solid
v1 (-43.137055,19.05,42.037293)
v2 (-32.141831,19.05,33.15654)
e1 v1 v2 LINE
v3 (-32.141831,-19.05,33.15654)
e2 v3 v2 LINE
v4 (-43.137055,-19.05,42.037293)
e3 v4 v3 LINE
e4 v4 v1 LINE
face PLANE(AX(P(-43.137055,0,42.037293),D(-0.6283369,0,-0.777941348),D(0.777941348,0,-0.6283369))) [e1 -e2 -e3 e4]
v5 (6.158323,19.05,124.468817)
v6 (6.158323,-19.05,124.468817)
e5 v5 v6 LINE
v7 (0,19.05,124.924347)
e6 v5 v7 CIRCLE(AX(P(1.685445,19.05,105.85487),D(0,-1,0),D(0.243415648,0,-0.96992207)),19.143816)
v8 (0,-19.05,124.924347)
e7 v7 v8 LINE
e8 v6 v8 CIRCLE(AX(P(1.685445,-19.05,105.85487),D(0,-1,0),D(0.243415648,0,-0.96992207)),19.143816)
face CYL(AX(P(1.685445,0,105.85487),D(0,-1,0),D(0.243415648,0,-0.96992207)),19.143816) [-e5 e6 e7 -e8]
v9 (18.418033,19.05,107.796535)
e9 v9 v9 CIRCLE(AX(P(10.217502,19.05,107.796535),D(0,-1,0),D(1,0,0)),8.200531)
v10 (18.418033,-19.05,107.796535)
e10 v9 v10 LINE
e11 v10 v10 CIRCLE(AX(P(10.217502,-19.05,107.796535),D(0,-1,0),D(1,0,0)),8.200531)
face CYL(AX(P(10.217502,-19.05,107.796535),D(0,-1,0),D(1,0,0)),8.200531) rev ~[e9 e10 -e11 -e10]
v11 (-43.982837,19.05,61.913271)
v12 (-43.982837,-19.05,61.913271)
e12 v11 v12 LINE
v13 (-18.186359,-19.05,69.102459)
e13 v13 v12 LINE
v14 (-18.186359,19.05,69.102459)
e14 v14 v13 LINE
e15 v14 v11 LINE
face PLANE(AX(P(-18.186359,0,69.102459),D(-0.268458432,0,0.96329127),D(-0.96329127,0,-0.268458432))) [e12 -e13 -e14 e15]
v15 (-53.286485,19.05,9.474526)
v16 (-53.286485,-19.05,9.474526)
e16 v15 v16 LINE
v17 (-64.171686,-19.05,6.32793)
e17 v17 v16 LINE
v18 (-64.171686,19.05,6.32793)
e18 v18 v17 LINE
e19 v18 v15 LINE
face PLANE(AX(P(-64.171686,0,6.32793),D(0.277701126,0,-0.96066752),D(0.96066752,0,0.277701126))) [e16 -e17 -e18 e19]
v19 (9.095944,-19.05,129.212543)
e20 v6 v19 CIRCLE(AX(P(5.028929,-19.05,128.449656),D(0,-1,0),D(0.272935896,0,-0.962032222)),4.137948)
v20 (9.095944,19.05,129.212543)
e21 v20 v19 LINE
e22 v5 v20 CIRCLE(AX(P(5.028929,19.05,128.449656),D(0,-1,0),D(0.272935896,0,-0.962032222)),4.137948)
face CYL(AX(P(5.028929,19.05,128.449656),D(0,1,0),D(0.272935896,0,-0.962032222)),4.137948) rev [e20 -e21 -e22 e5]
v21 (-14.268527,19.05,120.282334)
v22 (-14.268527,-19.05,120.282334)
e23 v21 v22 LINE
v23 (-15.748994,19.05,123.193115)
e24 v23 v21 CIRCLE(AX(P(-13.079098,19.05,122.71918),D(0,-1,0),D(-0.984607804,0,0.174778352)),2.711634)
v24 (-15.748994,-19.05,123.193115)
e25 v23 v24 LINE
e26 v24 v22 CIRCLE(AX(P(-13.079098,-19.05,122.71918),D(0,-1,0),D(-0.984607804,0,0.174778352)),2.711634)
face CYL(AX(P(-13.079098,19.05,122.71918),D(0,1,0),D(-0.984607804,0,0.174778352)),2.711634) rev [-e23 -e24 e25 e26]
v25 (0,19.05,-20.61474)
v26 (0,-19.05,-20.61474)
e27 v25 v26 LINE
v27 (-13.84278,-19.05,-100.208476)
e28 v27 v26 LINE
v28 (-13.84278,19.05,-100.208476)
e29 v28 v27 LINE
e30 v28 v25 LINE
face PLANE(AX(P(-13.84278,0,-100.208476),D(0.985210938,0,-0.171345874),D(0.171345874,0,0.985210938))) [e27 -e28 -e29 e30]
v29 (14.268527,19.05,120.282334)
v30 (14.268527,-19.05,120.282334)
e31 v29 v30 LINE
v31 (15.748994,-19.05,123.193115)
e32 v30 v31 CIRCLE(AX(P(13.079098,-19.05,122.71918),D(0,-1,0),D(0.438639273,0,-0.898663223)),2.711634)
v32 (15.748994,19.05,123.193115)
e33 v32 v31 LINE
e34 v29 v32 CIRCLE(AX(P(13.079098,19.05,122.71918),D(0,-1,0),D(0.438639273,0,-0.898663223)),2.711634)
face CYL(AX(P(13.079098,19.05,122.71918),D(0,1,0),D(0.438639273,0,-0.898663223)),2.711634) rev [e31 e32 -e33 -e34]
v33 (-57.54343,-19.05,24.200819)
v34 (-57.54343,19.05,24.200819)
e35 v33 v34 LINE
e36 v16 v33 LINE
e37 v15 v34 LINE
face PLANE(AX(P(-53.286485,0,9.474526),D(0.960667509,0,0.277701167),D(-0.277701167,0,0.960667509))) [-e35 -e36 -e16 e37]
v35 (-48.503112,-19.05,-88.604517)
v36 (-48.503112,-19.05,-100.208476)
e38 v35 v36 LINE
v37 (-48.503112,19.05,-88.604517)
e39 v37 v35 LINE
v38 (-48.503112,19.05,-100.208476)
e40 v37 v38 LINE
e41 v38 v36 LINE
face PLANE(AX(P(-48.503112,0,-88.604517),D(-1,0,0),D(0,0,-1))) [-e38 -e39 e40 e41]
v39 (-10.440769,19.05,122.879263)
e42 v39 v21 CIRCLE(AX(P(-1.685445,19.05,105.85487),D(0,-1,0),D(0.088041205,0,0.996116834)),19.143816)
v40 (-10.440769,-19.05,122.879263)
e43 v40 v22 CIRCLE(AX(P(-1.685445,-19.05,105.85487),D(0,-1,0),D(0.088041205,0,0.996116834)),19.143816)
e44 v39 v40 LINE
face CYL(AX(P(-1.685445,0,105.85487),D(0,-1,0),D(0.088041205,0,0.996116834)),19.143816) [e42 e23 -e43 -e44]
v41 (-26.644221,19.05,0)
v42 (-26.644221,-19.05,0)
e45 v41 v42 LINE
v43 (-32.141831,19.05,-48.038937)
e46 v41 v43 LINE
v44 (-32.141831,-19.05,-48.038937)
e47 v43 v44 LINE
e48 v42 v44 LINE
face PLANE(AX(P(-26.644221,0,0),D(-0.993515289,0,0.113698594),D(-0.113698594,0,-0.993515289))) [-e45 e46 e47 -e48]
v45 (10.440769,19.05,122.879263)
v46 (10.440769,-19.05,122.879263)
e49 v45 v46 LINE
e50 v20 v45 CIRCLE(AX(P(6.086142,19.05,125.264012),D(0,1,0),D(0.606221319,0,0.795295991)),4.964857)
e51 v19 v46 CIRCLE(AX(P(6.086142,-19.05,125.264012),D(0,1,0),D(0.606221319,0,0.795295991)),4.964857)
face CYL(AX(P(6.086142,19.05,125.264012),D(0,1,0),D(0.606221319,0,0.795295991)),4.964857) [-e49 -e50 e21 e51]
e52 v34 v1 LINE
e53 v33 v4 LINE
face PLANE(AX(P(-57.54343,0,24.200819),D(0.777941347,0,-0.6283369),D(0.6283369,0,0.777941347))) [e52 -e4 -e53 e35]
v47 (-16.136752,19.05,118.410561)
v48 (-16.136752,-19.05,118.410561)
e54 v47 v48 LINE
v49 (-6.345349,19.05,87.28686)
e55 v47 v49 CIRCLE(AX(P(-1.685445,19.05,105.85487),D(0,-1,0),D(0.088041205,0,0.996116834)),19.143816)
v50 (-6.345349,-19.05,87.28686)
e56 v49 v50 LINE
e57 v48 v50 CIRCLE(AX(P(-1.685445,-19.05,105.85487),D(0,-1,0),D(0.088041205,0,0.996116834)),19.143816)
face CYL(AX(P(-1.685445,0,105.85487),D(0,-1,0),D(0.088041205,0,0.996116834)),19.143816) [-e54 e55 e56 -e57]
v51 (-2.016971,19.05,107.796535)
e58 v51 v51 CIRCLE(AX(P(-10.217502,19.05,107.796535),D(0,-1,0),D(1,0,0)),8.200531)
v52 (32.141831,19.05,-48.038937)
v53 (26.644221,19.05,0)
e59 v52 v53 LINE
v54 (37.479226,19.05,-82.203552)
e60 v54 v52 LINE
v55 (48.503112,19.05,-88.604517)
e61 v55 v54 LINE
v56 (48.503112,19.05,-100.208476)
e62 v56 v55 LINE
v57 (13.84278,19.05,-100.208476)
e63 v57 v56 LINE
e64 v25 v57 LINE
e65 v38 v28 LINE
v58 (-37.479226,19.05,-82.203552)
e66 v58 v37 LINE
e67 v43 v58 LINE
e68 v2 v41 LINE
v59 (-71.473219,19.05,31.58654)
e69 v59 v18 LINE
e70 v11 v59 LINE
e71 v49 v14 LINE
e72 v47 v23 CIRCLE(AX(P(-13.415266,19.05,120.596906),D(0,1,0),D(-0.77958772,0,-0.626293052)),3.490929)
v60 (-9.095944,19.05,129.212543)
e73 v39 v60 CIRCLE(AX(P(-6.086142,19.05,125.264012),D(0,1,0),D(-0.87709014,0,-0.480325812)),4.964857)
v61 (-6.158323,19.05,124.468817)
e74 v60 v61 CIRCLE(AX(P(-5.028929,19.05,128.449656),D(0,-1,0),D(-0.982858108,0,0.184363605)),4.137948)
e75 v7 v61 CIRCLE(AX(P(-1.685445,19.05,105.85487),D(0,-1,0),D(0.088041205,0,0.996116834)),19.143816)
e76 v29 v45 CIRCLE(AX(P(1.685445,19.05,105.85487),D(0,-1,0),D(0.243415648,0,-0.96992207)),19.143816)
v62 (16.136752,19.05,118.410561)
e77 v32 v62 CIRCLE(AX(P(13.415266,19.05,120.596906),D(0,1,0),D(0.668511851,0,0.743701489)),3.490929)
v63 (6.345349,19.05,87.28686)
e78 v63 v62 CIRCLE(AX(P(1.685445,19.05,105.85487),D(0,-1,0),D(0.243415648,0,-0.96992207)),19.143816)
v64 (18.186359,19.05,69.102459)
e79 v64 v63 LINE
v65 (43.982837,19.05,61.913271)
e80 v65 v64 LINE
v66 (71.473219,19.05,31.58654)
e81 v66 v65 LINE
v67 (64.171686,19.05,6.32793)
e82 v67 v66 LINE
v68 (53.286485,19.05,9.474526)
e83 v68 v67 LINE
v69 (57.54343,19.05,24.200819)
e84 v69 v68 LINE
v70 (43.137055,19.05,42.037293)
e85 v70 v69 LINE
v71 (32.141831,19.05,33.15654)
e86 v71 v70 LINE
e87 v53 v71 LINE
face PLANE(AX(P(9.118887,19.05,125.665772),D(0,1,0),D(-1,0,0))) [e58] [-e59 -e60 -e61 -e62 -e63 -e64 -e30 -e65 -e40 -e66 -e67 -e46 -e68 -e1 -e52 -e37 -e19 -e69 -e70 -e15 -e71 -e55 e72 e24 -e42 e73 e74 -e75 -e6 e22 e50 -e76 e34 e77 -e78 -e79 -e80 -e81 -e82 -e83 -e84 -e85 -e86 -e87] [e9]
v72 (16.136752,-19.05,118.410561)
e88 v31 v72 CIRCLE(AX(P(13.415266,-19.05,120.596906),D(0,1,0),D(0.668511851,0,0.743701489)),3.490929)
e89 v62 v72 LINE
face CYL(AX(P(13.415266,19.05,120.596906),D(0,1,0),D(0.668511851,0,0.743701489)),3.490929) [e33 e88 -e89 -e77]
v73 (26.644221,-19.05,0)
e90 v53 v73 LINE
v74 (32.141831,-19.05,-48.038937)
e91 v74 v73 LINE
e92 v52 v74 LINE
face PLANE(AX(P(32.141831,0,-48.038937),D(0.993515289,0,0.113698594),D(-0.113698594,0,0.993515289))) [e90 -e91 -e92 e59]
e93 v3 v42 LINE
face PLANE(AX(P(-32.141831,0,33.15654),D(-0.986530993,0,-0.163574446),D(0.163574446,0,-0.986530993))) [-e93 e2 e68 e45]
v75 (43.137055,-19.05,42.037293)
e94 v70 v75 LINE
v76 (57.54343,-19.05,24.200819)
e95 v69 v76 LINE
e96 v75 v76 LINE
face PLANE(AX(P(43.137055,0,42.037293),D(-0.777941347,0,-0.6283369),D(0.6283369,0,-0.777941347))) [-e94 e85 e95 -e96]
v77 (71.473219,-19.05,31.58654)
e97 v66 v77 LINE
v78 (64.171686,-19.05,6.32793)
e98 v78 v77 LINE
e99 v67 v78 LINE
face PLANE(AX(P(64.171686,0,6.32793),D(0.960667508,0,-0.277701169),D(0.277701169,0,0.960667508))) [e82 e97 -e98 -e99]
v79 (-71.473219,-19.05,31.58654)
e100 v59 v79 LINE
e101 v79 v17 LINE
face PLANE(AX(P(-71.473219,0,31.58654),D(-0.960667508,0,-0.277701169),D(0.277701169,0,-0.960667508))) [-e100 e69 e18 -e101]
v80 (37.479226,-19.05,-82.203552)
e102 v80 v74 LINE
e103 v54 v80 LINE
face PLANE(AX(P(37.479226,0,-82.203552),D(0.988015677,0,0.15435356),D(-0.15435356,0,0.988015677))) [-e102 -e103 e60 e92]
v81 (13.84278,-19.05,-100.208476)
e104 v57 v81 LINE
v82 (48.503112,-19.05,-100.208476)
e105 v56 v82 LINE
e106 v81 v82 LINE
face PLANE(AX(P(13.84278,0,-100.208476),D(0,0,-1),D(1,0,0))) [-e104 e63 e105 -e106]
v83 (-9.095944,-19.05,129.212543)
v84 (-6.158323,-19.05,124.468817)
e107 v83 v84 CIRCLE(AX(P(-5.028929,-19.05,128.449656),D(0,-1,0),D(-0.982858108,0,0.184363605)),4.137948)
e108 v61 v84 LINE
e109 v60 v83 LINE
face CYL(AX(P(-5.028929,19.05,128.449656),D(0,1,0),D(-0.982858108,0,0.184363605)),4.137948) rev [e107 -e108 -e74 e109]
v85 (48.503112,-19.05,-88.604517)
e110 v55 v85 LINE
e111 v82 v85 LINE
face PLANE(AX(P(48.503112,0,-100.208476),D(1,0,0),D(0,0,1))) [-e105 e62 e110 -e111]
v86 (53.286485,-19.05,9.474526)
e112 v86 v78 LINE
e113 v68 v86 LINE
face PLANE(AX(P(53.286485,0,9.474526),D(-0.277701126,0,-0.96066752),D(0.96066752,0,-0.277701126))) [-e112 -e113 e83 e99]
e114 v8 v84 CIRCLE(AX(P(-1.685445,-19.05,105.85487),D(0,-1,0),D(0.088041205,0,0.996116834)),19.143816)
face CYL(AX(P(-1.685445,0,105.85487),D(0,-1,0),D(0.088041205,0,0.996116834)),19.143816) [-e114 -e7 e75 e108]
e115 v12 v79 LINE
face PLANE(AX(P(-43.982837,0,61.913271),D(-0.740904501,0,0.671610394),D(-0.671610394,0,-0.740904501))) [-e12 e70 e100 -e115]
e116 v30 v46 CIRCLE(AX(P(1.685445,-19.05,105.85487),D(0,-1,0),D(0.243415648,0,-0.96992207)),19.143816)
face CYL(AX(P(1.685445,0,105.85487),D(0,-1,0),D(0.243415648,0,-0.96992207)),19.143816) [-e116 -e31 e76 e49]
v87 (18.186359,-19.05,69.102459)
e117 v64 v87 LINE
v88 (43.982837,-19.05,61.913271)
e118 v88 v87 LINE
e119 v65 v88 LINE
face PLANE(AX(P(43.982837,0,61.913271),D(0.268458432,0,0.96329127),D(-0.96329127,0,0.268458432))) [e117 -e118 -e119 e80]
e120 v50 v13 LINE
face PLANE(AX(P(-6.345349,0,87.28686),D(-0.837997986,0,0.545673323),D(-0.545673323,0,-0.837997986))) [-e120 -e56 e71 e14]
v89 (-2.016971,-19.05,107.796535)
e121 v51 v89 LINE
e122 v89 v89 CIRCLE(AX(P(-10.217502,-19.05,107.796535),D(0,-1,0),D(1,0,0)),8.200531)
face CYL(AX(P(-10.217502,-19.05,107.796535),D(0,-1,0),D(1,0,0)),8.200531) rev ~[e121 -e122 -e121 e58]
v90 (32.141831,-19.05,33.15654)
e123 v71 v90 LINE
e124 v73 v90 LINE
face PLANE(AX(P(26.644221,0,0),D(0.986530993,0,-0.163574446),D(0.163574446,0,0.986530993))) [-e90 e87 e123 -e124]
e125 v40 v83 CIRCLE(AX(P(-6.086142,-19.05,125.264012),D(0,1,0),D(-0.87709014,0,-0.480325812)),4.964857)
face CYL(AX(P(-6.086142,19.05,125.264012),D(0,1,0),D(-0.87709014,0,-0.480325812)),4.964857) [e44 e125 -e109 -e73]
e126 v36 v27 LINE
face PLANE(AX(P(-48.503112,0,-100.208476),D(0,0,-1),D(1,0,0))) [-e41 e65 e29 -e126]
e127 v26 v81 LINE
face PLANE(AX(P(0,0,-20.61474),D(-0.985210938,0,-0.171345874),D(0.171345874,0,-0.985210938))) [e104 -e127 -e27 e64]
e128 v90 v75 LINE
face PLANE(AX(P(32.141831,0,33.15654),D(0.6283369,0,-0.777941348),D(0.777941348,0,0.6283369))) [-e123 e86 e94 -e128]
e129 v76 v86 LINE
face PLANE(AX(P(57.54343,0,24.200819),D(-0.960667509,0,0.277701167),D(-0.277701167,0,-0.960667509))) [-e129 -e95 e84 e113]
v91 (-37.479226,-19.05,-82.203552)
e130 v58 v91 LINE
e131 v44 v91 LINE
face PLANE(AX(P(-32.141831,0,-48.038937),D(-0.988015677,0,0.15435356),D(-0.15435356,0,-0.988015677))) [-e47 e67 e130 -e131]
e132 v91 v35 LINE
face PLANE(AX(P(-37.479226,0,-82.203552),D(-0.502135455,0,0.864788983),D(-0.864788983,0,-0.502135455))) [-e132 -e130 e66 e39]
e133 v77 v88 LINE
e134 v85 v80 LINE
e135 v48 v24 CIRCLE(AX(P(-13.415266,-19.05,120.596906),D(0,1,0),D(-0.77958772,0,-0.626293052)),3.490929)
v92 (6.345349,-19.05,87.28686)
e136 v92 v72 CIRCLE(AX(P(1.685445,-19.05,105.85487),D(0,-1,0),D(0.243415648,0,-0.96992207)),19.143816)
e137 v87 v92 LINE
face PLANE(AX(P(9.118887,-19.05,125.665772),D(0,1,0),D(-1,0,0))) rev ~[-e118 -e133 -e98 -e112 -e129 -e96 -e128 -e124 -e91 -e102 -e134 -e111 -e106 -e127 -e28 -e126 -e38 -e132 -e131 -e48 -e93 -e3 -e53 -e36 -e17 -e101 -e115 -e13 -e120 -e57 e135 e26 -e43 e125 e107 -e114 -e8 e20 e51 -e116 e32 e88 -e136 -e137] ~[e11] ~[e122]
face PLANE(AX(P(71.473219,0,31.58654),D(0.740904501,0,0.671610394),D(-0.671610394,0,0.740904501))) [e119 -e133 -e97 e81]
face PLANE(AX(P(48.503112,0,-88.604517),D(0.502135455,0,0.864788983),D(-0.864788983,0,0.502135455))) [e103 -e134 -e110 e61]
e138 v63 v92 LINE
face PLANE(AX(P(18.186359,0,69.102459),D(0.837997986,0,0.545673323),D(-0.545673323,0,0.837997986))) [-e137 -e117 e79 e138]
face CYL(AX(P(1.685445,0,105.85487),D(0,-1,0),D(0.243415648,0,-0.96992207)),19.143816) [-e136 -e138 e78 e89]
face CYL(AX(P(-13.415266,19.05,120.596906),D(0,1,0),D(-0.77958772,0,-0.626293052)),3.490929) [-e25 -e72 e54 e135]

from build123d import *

# Parameters (mm, degrees)
F1_DEPTH      = 19.05
F2_R          = 8.200531
F3_DEPTH      = 38.1
F3_DEPTH_BACK = 25.4
F5_DEPTH      = 38.1


with BuildPart() as f1:
    # F0 (on Front) → F1 (new body, symmetric)
    with BuildSketch(Plane.XZ):
        with BuildLine():
            Line((-32.141831, 33.15654), (-26.644221, 0))
            Line((-26.644221, 0), (-32.141831, -48.038937))
            Line((-32.141831, -48.038937), (-37.479226, -82.203552))
            Line((-37.479226, -82.203552), (-48.503112, -88.604517))
            Line((-48.503112, -88.604517), (-48.503112, -100.208476))
            Line((-48.503112, -100.208476), (-13.84278, -100.208476))
            Line((-13.84278, -100.208476), (0, -20.61474))
            Line((0, -20.61474), (0, 124.924347))
            ThreePointArc((0, 124.924347), (-20.562864, 109.037436), (-6.345349, 87.28686))
            Line((-6.345349, 87.28686), (-18.186359, 69.102459))
            Line((-18.186359, 69.102459), (-43.982837, 61.913271))
            Line((-43.982837, 61.913271), (-71.473219, 31.58654))
            Line((-71.473219, 31.58654), (-64.171686, 6.32793))
            Line((-64.171686, 6.32793), (-53.286485, 9.474526))
            Line((-53.286485, 9.474526), (-57.54343, 24.200819))
            Line((-57.54343, 24.200819), (-43.137055, 42.037293))
            Line((-43.137055, 42.037293), (-32.141831, 33.15654))
        make_face()
        with BuildLine():
            Line((0, 124.924347), (0, -20.61474))
            Line((0, -20.61474), (13.84278, -100.208476))
            Line((13.84278, -100.208476), (48.503112, -100.208476))
            Line((48.503112, -100.208476), (48.503112, -88.604517))
            Line((48.503112, -88.604517), (37.479226, -82.203552))
            Line((37.479226, -82.203552), (32.141831, -48.038937))
            Line((32.141831, -48.038937), (26.644221, 0))
            Line((26.644221, 0), (32.141831, 33.15654))
            Line((32.141831, 33.15654), (43.137055, 42.037293))
            Line((43.137055, 42.037293), (57.54343, 24.200819))
            Line((57.54343, 24.200819), (53.286485, 9.474526))
            Line((53.286485, 9.474526), (64.171686, 6.32793))
            Line((64.171686, 6.32793), (71.473219, 31.58654))
            Line((71.473219, 31.58654), (43.982837, 61.913271))
            Line((43.982837, 61.913271), (18.186359, 69.102459))
            Line((18.186359, 69.102459), (6.345349, 87.28686))
            ThreePointArc((6.345349, 87.28686), (20.562864, 109.037436), (0, 124.924347))
        make_face()
    extrude(amount=F1_DEPTH, both=True)

    # F2 (on face) → F3 (cut, two sides)
    with BuildSketch(Plane.XZ.offset(19.05)) as f3_sk:
        with Locations((-10.217502, 107.796535)):
            Circle(F2_R)
        with Locations((10.217502, 107.796535)):
            Circle(F2_R)
    extrude(amount=-F3_DEPTH, mode=Mode.SUBTRACT)
    extrude(f3_sk.sketch, amount=-F3_DEPTH_BACK, mode=Mode.SUBTRACT)

    # F4 (on face) → F5 (join, through all)
    with BuildSketch(Plane(origin=(0, 19.05, 0), x_dir=(-1, 0, 0), z_dir=(0, 1, 0))):
        with BuildLine():
            ThreePointArc((-6.158323, 124.468817), (-8.54694, 126.271077), (-9.095944, 129.212543))
            ThreePointArc((-9.095944, 129.212543), (-10.942716, 126.29527), (-10.440769, 122.879263))
            ThreePointArc((-10.440769, 122.879263), (-8.347127, 123.802228), (-6.158323, 124.468817))
        make_face()
        with BuildLine():
            ThreePointArc((-16.136752, 118.410561), (-15.235, 119.378746), (-14.268527, 120.282334))
            ThreePointArc((-14.268527, 120.282334), (-15.496071, 121.489871), (-15.748994, 123.193115))
            ThreePointArc((-15.748994, 123.193115), (-16.894778, 120.879016), (-16.136752, 118.410561))
        make_face()
        with BuildLine():
            ThreePointArc((9.095944, 129.212543), (8.54694, 126.271077), (6.158323, 124.468817))
            ThreePointArc((6.158323, 124.468817), (8.347127, 123.802228), (10.440769, 122.879263))
            ThreePointArc((10.440769, 122.879263), (10.942716, 126.29527), (9.095944, 129.212543))
        make_face()
        with BuildLine():
            ThreePointArc((15.748994, 123.193115), (15.496071, 121.489871), (14.268527, 120.282334))
            ThreePointArc((14.268527, 120.282334), (15.235, 119.378746), (16.136752, 118.410561))
            ThreePointArc((16.136752, 118.410561), (16.894778, 120.879016), (15.748994, 123.193115))
        make_face()
    extrude(amount=-F5_DEPTH)


solid = f1.part
